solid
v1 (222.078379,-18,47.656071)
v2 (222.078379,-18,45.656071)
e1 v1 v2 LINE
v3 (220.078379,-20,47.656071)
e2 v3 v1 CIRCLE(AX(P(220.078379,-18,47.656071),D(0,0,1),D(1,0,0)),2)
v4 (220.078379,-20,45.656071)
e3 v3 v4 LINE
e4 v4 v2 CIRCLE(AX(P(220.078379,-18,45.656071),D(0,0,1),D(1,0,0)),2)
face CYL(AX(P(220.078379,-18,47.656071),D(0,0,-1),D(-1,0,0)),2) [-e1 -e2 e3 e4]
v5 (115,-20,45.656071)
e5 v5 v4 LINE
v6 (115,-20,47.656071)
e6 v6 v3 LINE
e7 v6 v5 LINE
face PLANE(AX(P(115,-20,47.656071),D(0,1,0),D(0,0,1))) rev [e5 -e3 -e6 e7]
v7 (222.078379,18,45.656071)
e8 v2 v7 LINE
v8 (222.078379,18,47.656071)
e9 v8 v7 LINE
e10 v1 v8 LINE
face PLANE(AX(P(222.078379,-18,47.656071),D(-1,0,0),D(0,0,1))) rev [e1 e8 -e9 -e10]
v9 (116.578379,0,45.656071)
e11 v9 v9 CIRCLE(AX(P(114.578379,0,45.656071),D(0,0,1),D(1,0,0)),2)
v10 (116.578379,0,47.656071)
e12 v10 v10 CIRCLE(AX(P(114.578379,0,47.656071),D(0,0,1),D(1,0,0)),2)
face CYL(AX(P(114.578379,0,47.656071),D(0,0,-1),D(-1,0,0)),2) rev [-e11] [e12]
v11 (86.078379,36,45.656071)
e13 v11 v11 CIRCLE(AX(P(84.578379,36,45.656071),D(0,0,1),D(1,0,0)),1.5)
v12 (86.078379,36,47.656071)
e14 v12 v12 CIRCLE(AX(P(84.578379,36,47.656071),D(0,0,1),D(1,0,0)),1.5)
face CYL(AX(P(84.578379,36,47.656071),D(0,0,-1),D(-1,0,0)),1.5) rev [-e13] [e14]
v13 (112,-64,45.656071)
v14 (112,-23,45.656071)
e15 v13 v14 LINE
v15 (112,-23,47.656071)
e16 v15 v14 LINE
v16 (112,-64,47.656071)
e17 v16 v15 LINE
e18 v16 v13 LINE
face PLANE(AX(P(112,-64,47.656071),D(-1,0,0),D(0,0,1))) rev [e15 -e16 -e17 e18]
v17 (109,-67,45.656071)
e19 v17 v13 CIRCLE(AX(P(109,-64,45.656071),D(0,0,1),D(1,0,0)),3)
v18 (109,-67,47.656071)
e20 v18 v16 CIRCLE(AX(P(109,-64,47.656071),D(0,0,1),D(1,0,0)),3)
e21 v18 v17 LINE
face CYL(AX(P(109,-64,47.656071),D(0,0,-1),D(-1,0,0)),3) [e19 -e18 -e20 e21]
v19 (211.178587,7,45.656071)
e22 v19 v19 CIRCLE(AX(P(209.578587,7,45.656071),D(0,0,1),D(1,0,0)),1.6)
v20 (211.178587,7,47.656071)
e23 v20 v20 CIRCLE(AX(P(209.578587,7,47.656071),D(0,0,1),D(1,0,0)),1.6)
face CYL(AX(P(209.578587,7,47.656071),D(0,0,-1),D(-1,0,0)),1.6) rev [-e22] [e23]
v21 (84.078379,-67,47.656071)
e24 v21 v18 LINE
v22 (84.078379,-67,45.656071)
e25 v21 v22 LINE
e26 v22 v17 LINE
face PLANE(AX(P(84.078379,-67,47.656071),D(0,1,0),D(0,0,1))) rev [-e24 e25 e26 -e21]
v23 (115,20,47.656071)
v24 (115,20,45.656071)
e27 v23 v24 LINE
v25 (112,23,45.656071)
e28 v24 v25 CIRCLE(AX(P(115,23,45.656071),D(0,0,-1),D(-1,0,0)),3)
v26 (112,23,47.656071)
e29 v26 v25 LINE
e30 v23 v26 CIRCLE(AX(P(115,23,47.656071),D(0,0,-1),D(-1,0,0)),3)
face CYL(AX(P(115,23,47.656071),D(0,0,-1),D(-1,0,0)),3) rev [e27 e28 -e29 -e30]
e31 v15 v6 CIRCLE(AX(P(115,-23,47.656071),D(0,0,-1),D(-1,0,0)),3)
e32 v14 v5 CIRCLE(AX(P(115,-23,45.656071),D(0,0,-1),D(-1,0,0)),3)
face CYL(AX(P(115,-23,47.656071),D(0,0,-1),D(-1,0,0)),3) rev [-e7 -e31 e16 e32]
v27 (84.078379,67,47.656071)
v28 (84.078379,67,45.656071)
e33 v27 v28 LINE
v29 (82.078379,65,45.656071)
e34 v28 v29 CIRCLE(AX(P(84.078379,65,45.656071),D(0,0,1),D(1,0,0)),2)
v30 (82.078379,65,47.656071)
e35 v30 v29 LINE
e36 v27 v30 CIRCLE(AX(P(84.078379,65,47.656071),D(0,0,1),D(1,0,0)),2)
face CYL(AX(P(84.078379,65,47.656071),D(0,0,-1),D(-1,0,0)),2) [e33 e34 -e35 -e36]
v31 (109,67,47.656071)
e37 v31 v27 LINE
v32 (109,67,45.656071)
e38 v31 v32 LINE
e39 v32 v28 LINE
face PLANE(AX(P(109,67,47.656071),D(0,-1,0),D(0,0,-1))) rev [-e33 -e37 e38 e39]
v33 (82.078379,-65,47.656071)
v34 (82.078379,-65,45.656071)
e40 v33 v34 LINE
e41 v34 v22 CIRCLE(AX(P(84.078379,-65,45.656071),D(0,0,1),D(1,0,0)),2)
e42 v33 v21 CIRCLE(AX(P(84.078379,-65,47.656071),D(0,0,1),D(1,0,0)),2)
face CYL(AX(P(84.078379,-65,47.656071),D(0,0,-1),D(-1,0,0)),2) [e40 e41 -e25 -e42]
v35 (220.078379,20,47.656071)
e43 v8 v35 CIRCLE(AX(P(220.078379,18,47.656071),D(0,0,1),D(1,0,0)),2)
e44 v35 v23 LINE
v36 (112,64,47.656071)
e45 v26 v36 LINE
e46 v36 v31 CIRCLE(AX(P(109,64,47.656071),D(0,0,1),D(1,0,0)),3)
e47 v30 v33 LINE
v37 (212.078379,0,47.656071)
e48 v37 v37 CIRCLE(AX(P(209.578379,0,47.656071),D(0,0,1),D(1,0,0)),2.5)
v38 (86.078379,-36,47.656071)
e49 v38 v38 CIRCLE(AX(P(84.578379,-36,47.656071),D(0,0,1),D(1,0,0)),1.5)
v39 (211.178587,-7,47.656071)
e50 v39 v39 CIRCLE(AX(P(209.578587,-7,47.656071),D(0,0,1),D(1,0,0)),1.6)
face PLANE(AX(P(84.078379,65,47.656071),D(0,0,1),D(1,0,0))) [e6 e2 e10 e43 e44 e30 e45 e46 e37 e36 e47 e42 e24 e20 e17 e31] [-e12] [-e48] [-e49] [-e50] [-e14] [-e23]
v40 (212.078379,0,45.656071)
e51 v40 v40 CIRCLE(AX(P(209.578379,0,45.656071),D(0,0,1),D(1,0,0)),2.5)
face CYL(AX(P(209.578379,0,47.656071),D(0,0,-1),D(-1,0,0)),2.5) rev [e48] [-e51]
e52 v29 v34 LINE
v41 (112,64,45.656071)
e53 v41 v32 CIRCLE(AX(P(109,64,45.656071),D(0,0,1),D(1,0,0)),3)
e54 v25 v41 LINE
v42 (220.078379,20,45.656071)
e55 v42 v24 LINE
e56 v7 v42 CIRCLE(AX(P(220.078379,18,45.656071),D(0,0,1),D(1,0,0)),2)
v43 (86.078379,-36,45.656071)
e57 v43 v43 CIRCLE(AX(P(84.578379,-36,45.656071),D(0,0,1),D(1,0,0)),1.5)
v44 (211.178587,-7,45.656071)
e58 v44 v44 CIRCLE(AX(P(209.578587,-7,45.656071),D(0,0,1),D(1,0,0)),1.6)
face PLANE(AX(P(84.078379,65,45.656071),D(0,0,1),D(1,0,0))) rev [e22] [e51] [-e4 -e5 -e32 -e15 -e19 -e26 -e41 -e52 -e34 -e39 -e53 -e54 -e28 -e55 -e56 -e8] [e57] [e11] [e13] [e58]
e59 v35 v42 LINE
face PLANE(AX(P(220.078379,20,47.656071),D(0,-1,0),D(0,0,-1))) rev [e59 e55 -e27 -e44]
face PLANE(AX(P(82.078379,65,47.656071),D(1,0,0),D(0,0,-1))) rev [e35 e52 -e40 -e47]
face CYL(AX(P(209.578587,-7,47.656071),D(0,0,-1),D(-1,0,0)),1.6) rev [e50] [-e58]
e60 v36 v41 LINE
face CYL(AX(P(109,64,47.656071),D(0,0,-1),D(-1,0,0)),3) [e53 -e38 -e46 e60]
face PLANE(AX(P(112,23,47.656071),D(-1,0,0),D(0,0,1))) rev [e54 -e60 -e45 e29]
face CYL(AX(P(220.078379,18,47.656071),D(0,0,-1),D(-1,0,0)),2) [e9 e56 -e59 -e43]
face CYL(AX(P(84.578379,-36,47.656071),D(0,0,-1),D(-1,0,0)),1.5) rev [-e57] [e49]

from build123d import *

# Parameters (mm, degrees)
EXTRUDE_1_DEPTH     = 2
SKETCH_2_R          = 2.5
SKETCH_2_R_2        = 2
SKETCH_2_R_3        = 1.5
CUT_EXTRUDE_1_DEPTH = 2
SKETCH_3_R          = 1.6
CUT_EXTRUDE_2_DEPTH = 2


with BuildPart() as part:
    # 草图1 → 凸台-拉伸1 (new body)
    with BuildSketch(Plane.XY.offset(45.656070911)):
        with BuildLine():
            Line((82.078378746, 65), (82.078378746, -65))
            ThreePointArc((82.078378746, -65), (82.664165184, -66.414213562), (84.078378746, -67))
            Line((84.078378746, -67), (109, -67))
            ThreePointArc((109, -67), (111.121320344, -66.121320344), (112, -64))
            Line((112, -64), (112, -23))
            ThreePointArc((112, -23), (112.878679656, -20.878679656), (115, -20))
            Line((115, -20), (220.078378746, -20))
            ThreePointArc((220.078378746, -20), (221.492592308, -19.414213562), (222.078378746, -18))
            Line((222.078378746, -18), (222.078378746, 18))
            ThreePointArc((222.078378746, 18), (221.492592308, 19.414213562), (220.078378746, 20))
            Line((220.078378746, 20), (115, 20))
            ThreePointArc((115, 20), (112.878679656, 20.878679656), (112, 23))
            Line((112, 23), (112, 64))
            ThreePointArc((112, 64), (111.121320344, 66.121320344), (109, 67))
            Line((109, 67), (84.078378746, 67))
            ThreePointArc((84.078378746, 67), (82.664165184, 66.414213562), (82.078378746, 65))
        make_face()
    extrude(amount=EXTRUDE_1_DEPTH)

    # 草图2 → 切除-拉伸1 (cut)
    with BuildSketch(Plane.XY.offset(45.656070911)):
        with Locations((209.578378746, 0)):
            Circle(SKETCH_2_R)
        with Locations((114.578378746, 0)):
            Circle(SKETCH_2_R_2)
        with Locations((84.578378746, -36)):
            Circle(SKETCH_2_R_3)
        with Locations((84.578378746, 36)):
            Circle(SKETCH_2_R_3)
    extrude(amount=CUT_EXTRUDE_1_DEPTH, mode=Mode.SUBTRACT)

    # 草图3 → 切除-拉伸2 (cut)
    with BuildSketch(Plane.XY.offset(45.656070911)):
        with Locations((209.57858663, -7)):
            Circle(SKETCH_3_R)
        with Locations((209.57858663, 7)):
            Circle(SKETCH_3_R)
    extrude(amount=CUT_EXTRUDE_2_DEPTH, mode=Mode.SUBTRACT)


solid = part.part
